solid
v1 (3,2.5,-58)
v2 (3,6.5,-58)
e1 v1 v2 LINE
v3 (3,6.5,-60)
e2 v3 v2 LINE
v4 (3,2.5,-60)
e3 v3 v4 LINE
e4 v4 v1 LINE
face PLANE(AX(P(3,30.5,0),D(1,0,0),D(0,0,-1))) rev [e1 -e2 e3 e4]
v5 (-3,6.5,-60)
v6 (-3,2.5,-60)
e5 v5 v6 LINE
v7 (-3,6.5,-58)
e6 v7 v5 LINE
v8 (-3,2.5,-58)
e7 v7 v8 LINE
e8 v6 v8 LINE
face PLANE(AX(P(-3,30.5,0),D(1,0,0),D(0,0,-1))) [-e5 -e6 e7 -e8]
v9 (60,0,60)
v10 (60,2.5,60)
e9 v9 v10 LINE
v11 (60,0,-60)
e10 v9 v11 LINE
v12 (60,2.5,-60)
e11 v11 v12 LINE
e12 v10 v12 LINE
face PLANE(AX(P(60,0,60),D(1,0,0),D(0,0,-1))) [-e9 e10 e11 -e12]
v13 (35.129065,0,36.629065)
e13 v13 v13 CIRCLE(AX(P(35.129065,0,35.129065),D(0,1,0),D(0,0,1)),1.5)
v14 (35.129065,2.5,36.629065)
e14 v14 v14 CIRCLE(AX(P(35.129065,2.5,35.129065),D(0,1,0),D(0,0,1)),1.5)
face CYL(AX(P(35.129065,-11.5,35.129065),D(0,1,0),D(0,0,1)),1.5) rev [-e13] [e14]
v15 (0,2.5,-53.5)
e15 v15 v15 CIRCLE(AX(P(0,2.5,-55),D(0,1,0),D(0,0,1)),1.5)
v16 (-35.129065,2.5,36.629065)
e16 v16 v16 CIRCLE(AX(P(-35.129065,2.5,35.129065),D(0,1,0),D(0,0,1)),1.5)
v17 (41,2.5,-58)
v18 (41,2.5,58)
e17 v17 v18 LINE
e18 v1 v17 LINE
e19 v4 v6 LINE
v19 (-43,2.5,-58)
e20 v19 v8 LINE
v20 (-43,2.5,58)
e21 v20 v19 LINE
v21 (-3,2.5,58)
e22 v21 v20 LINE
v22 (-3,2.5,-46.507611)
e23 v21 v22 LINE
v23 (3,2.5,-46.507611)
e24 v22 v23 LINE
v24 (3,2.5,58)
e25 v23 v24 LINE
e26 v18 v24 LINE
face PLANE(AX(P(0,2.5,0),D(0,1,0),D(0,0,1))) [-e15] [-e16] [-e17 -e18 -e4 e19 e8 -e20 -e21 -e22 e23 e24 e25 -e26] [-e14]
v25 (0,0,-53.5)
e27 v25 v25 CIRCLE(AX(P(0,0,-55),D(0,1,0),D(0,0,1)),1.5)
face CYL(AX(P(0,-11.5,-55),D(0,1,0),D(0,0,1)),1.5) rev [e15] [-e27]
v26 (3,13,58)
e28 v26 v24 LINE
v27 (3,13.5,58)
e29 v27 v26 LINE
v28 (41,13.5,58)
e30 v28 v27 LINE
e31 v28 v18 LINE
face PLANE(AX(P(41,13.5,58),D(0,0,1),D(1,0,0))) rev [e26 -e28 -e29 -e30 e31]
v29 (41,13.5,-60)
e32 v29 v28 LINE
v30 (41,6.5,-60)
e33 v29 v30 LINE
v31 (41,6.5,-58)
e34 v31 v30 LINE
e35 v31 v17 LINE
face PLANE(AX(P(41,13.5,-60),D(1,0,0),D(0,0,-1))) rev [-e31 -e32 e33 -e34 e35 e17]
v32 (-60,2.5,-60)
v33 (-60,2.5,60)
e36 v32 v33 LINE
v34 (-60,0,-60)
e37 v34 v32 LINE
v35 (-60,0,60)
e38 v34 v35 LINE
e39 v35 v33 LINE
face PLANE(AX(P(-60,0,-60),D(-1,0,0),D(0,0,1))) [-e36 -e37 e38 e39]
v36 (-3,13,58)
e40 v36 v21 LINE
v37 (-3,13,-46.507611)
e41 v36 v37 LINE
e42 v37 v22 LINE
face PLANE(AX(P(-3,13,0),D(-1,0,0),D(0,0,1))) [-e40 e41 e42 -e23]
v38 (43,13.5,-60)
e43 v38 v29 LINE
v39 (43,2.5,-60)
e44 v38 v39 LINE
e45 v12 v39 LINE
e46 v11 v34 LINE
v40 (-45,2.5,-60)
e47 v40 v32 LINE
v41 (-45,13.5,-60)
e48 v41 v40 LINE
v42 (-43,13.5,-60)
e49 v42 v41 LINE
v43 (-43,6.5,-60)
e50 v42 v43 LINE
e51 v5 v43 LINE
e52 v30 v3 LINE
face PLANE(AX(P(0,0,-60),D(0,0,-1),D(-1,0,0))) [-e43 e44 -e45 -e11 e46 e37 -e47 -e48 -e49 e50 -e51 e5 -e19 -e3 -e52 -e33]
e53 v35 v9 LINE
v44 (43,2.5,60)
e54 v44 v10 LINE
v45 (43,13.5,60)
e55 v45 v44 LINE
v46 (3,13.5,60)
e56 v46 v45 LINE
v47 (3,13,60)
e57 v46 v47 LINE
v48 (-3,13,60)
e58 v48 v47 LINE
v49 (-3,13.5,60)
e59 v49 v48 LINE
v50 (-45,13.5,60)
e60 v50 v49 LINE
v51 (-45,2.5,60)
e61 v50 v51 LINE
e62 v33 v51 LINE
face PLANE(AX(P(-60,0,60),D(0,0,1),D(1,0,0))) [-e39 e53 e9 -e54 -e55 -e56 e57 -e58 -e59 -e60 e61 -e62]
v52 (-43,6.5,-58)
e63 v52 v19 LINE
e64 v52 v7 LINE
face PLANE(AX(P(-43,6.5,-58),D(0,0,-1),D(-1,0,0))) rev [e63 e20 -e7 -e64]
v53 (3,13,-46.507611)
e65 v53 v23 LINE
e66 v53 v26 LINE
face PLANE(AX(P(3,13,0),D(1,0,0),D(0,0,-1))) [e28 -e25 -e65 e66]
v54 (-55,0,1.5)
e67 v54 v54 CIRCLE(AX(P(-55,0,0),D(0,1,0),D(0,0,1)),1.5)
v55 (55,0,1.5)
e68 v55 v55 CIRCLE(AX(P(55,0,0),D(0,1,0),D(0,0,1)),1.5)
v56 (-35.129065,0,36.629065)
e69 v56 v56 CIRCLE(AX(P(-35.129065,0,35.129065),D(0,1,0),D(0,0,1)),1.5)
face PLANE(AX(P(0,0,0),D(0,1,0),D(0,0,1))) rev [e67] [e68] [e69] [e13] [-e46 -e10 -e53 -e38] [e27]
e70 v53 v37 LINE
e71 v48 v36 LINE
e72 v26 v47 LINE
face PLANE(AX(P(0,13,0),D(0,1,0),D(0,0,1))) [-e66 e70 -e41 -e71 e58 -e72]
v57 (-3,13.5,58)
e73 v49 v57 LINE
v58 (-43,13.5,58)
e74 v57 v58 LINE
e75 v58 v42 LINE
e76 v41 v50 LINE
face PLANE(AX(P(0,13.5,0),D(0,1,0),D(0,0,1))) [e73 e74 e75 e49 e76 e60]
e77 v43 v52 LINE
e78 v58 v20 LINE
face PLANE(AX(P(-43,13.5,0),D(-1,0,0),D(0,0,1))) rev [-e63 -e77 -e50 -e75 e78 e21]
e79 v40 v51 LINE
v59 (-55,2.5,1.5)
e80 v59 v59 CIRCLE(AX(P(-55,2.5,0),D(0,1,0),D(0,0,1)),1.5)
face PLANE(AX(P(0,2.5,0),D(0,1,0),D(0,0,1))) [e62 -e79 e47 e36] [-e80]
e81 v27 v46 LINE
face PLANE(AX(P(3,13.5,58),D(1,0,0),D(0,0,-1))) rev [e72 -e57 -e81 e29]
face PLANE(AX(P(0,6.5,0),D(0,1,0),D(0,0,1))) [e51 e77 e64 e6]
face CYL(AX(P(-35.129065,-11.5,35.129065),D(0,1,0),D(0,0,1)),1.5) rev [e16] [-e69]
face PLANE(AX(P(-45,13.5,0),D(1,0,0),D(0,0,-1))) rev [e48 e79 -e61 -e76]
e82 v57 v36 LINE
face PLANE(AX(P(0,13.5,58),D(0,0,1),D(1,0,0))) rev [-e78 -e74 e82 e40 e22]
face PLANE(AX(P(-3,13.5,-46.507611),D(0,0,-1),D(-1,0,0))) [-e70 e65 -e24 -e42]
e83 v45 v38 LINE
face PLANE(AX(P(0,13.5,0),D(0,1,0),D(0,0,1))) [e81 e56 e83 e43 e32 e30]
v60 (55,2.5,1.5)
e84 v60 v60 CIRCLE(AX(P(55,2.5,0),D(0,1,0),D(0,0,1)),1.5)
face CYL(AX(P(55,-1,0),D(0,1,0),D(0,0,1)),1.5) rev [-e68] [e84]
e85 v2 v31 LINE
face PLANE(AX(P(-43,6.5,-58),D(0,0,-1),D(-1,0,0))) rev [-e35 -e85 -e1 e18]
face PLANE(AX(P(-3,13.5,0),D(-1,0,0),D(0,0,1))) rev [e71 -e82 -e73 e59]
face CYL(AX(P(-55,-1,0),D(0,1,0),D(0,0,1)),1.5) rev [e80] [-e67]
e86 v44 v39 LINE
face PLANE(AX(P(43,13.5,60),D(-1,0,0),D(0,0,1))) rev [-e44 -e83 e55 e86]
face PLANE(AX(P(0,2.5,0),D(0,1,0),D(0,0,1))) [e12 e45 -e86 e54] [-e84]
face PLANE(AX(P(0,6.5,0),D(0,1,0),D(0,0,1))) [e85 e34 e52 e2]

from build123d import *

# Parameters (mm, degrees)
BOSS_EXTRUDE3_DEPTH  = 2.5
BOSS_EXTRUDE4_DEPTH  = 2.5
BOSS_EXTRUDE5_DEPTH  = 10.5
BOSS_EXTRUDE8_DEPTH  = 11
BOSS_EXTRUDE9_DEPTH  = 11
SKETCH8_W            = 84
SKETCH8_H            = 2
BOSS_EXTRUDE11_DEPTH = 4
SKETCH9_W            = 6
SKETCH9_H            = 7.053661792
CUT_EXTRUDE1_DEPTH   = 28
SKETCH10_W           = 6
SKETCH10_H           = 6.438726715
CUT_EXTRUDE4_DEPTH   = 11
SKETCH11_R           = 1.5
CUT_EXTRUDE5_DEPTH   = 14
SKETCH13_R           = 1.5
CUT_EXTRUDE6_DEPTH   = 14
SKETCH15_R           = 1.5
CUT_EXTRUDE7_DEPTH   = 14


with BuildPart() as part:
    # Sketch1 → Boss-Extrude3 (new body)
    with BuildSketch(Plane(origin=(0, 0, 0), x_dir=(1, 0, 0), z_dir=(0, 1, 0))):
        with BuildLine():
            Line((-44.72135955, -40), (0, -40))
            Line((0, -40), (44.72135955, -40))
            ThreePointArc((44.72135955, -40), (56.050341538, -21.409325386), (60, 0))
            ThreePointArc((60, 0), (-21.409325386, 56.050341538), (-44.72135955, -40))
        make_face()
        with BuildLine():
            Line((-33.166247904, -50), (0, -50))
            Line((0, -50), (0, -40))
            Line((0, -40), (-44.72135955, -40))
            ThreePointArc((-44.72135955, -40), (-39.2634671, -45.369374597), (-33.166247904, -50))
        make_face()
        with BuildLine():
            Line((0, -40), (0, -50))
            Line((0, -50), (33.166247904, -50))
            ThreePointArc((33.166247904, -50), (39.2634671, -45.369374597), (44.72135955, -40))
            Line((44.72135955, -40), (0, -40))
        make_face()
        with BuildLine():
            Line((0, -50), (0, -60))
            add(Edge.make_bspline(
                [(0, -60), (2.493909774, -59.986931125), (4.933150425, -59.785698627)],
                knots=[0, 0, 0, 0.138485859, 0.138485859, 0.138485859], degree=2))
            add(Edge.make_bspline(
                [(4.933150425, -59.785698627), (12.350363719, -59.151298506), (19.667130305, -57.122142348), (26.368544437, -53.878843782)],
                knots=[0.549095967, 0.549095967, 0.549095967, 0.549095967, 0.769976712, 0.769976712, 0.769976712, 0.769976712], degree=3))
            add(Edge.make_bspline(
                [(26.368544437, -53.878843782), (29.836187059, -52.176190697), (33.166247904, -50)],
                knots=[0.7803077, 0.7803077, 0.7803077, 1, 1, 1], degree=2))
            Line((33.166247904, -50), (0, -50))
        make_face()
        with BuildLine():
            add(Edge.make_bspline(
                [(-9.467287752, -59.24160526), (-4.836502075, -59.974590334), (0, -60)],
                knots=[0.731444001, 0.731444001, 0.731444001, 1, 1, 1], degree=2))
            Line((0, -60), (0, -50))
            Line((0, -50), (-33.166247904, -50))
            add(Edge.make_bspline(
                [(-33.166247904, -50), (-28.091057223, -53.316740978), (-22.696065652, -55.533505256)],
                knots=[0, 0, 0, 0.334842238, 0.334842238, 0.334842238], degree=2))
            add(Edge.make_bspline(
                [(-22.696065652, -55.533505256), (-18.44552317, -57.261077796), (-13.998129322, -58.510750178), (-9.467287752, -59.24160526)],
                knots=[0.269647974, 0.269647974, 0.269647974, 0.269647974, 0.406041898, 0.406041898, 0.406041898, 0.406041898], degree=3))
        make_face()
    extrude(amount=BOSS_EXTRUDE3_DEPTH)

    # Sketch3 → Boss-Extrude4 (add)
    with BuildSketch(Plane(origin=(0, 2.5, 0), x_dir=(1, 0, 0), z_dir=(0, 1, 0))):
        Polygon((0, 60), (-60, 60), (-60, -60), (60, -60), (60, 60), align=None)
    extrude(amount=-BOSS_EXTRUDE4_DEPTH)

    # Sketch4 → Boss-Extrude5 (add)
    with BuildSketch(Plane(origin=(0, 2.5, 0), x_dir=(1, 0, 0), z_dir=(0, 1, 0))):
        Polygon((3, 60), (0, 60), (-3, 60), (-3, -60), (3, -60), align=None)
    extrude(amount=BOSS_EXTRUDE5_DEPTH)

    # Sketch5 → Boss-Extrude8 (add)
    with BuildSketch(Plane(origin=(0, 2.5, 0), x_dir=(1, 0, 0), z_dir=(0, 1, 0))):
        Polygon((-43, -60), (-3, -60), (-3, -58), (-43, -58), (-43, 60), (-45, 60), (-45, -58), (-45, -60), align=None)
    extrude(amount=BOSS_EXTRUDE8_DEPTH)

    # Sketch7 → Boss-Extrude9 (add)
    with BuildSketch(Plane(origin=(0, 2.5, 0), x_dir=(1, 0, 0), z_dir=(0, 1, 0))):
        Polygon((3, -60), (43, -60), (43, 60), (41, 60), (41, -58), (3, -58), align=None)
    extrude(amount=BOSS_EXTRUDE9_DEPTH)

    # Sketch8 → Boss-Extrude11 (add)
    with BuildSketch(Plane(origin=(0, 2.5, 0), x_dir=(1, 0, 0), z_dir=(0, 1, 0))):
        with Locations((-1, 59)):
            Rectangle(SKETCH8_W, SKETCH8_H)
    extrude(amount=BOSS_EXTRUDE11_DEPTH)

    # Sketch9 → Cut-Extrude1 (cut)
    with BuildSketch(Plane(origin=(0, 2.5, 0), x_dir=(1, 0, 0), z_dir=(0, 1, 0))):
        with Locations((0, 56.473169104)):
            Rectangle(SKETCH9_W, SKETCH9_H)
    extrude(amount=CUT_EXTRUDE1_DEPTH, mode=Mode.SUBTRACT)

    # Sketch10 → Cut-Extrude4 (cut)
    with BuildSketch(Plane(origin=(0, 2.5, 0), x_dir=(1, 0, 0), z_dir=(0, 1, 0))):
        with Locations((0, 49.72697485)):
            Rectangle(SKETCH10_W, SKETCH10_H)
    extrude(amount=CUT_EXTRUDE4_DEPTH, mode=Mode.SUBTRACT)

    # Sketch11 → Cut-Extrude5 (cut)
    with BuildSketch(Plane(origin=(0, 2.5, 0), x_dir=(1, 0, 0), z_dir=(0, 1, 0))):
        with Locations(Location((-35.129064889, -35.129064889, 0), (0, 0, 270))):
            Circle(SKETCH11_R)
        with Locations(Location((35.129064889, -35.129064889, 0), (0, 0, 270))):
            Circle(SKETCH11_R)
    extrude(amount=-CUT_EXTRUDE5_DEPTH, mode=Mode.SUBTRACT)

    # Sketch13 → Cut-Extrude6 (cut)
    with BuildSketch(Plane(origin=(0, 13, 0), x_dir=(1, 0, 0), z_dir=(0, 1, 0))):
        with Locations(Location((-55, 0, 0), (0, 0, 270))):
            Circle(SKETCH13_R)
        with Locations(Location((55, 0, 0), (0, 0, 270))):
            Circle(SKETCH13_R)
    extrude(amount=-CUT_EXTRUDE6_DEPTH, mode=Mode.SUBTRACT)

    # Sketch15 → Cut-Extrude7 (cut)
    with BuildSketch(Plane(origin=(0, 2.5, 0), x_dir=(1, 0, 0), z_dir=(0, 1, 0))):
        with Locations(Location((0, 55, 0), (0, 0, 270))):
            Circle(SKETCH15_R)
    extrude(amount=-CUT_EXTRUDE7_DEPTH, mode=Mode.SUBTRACT)


solid = part.part
